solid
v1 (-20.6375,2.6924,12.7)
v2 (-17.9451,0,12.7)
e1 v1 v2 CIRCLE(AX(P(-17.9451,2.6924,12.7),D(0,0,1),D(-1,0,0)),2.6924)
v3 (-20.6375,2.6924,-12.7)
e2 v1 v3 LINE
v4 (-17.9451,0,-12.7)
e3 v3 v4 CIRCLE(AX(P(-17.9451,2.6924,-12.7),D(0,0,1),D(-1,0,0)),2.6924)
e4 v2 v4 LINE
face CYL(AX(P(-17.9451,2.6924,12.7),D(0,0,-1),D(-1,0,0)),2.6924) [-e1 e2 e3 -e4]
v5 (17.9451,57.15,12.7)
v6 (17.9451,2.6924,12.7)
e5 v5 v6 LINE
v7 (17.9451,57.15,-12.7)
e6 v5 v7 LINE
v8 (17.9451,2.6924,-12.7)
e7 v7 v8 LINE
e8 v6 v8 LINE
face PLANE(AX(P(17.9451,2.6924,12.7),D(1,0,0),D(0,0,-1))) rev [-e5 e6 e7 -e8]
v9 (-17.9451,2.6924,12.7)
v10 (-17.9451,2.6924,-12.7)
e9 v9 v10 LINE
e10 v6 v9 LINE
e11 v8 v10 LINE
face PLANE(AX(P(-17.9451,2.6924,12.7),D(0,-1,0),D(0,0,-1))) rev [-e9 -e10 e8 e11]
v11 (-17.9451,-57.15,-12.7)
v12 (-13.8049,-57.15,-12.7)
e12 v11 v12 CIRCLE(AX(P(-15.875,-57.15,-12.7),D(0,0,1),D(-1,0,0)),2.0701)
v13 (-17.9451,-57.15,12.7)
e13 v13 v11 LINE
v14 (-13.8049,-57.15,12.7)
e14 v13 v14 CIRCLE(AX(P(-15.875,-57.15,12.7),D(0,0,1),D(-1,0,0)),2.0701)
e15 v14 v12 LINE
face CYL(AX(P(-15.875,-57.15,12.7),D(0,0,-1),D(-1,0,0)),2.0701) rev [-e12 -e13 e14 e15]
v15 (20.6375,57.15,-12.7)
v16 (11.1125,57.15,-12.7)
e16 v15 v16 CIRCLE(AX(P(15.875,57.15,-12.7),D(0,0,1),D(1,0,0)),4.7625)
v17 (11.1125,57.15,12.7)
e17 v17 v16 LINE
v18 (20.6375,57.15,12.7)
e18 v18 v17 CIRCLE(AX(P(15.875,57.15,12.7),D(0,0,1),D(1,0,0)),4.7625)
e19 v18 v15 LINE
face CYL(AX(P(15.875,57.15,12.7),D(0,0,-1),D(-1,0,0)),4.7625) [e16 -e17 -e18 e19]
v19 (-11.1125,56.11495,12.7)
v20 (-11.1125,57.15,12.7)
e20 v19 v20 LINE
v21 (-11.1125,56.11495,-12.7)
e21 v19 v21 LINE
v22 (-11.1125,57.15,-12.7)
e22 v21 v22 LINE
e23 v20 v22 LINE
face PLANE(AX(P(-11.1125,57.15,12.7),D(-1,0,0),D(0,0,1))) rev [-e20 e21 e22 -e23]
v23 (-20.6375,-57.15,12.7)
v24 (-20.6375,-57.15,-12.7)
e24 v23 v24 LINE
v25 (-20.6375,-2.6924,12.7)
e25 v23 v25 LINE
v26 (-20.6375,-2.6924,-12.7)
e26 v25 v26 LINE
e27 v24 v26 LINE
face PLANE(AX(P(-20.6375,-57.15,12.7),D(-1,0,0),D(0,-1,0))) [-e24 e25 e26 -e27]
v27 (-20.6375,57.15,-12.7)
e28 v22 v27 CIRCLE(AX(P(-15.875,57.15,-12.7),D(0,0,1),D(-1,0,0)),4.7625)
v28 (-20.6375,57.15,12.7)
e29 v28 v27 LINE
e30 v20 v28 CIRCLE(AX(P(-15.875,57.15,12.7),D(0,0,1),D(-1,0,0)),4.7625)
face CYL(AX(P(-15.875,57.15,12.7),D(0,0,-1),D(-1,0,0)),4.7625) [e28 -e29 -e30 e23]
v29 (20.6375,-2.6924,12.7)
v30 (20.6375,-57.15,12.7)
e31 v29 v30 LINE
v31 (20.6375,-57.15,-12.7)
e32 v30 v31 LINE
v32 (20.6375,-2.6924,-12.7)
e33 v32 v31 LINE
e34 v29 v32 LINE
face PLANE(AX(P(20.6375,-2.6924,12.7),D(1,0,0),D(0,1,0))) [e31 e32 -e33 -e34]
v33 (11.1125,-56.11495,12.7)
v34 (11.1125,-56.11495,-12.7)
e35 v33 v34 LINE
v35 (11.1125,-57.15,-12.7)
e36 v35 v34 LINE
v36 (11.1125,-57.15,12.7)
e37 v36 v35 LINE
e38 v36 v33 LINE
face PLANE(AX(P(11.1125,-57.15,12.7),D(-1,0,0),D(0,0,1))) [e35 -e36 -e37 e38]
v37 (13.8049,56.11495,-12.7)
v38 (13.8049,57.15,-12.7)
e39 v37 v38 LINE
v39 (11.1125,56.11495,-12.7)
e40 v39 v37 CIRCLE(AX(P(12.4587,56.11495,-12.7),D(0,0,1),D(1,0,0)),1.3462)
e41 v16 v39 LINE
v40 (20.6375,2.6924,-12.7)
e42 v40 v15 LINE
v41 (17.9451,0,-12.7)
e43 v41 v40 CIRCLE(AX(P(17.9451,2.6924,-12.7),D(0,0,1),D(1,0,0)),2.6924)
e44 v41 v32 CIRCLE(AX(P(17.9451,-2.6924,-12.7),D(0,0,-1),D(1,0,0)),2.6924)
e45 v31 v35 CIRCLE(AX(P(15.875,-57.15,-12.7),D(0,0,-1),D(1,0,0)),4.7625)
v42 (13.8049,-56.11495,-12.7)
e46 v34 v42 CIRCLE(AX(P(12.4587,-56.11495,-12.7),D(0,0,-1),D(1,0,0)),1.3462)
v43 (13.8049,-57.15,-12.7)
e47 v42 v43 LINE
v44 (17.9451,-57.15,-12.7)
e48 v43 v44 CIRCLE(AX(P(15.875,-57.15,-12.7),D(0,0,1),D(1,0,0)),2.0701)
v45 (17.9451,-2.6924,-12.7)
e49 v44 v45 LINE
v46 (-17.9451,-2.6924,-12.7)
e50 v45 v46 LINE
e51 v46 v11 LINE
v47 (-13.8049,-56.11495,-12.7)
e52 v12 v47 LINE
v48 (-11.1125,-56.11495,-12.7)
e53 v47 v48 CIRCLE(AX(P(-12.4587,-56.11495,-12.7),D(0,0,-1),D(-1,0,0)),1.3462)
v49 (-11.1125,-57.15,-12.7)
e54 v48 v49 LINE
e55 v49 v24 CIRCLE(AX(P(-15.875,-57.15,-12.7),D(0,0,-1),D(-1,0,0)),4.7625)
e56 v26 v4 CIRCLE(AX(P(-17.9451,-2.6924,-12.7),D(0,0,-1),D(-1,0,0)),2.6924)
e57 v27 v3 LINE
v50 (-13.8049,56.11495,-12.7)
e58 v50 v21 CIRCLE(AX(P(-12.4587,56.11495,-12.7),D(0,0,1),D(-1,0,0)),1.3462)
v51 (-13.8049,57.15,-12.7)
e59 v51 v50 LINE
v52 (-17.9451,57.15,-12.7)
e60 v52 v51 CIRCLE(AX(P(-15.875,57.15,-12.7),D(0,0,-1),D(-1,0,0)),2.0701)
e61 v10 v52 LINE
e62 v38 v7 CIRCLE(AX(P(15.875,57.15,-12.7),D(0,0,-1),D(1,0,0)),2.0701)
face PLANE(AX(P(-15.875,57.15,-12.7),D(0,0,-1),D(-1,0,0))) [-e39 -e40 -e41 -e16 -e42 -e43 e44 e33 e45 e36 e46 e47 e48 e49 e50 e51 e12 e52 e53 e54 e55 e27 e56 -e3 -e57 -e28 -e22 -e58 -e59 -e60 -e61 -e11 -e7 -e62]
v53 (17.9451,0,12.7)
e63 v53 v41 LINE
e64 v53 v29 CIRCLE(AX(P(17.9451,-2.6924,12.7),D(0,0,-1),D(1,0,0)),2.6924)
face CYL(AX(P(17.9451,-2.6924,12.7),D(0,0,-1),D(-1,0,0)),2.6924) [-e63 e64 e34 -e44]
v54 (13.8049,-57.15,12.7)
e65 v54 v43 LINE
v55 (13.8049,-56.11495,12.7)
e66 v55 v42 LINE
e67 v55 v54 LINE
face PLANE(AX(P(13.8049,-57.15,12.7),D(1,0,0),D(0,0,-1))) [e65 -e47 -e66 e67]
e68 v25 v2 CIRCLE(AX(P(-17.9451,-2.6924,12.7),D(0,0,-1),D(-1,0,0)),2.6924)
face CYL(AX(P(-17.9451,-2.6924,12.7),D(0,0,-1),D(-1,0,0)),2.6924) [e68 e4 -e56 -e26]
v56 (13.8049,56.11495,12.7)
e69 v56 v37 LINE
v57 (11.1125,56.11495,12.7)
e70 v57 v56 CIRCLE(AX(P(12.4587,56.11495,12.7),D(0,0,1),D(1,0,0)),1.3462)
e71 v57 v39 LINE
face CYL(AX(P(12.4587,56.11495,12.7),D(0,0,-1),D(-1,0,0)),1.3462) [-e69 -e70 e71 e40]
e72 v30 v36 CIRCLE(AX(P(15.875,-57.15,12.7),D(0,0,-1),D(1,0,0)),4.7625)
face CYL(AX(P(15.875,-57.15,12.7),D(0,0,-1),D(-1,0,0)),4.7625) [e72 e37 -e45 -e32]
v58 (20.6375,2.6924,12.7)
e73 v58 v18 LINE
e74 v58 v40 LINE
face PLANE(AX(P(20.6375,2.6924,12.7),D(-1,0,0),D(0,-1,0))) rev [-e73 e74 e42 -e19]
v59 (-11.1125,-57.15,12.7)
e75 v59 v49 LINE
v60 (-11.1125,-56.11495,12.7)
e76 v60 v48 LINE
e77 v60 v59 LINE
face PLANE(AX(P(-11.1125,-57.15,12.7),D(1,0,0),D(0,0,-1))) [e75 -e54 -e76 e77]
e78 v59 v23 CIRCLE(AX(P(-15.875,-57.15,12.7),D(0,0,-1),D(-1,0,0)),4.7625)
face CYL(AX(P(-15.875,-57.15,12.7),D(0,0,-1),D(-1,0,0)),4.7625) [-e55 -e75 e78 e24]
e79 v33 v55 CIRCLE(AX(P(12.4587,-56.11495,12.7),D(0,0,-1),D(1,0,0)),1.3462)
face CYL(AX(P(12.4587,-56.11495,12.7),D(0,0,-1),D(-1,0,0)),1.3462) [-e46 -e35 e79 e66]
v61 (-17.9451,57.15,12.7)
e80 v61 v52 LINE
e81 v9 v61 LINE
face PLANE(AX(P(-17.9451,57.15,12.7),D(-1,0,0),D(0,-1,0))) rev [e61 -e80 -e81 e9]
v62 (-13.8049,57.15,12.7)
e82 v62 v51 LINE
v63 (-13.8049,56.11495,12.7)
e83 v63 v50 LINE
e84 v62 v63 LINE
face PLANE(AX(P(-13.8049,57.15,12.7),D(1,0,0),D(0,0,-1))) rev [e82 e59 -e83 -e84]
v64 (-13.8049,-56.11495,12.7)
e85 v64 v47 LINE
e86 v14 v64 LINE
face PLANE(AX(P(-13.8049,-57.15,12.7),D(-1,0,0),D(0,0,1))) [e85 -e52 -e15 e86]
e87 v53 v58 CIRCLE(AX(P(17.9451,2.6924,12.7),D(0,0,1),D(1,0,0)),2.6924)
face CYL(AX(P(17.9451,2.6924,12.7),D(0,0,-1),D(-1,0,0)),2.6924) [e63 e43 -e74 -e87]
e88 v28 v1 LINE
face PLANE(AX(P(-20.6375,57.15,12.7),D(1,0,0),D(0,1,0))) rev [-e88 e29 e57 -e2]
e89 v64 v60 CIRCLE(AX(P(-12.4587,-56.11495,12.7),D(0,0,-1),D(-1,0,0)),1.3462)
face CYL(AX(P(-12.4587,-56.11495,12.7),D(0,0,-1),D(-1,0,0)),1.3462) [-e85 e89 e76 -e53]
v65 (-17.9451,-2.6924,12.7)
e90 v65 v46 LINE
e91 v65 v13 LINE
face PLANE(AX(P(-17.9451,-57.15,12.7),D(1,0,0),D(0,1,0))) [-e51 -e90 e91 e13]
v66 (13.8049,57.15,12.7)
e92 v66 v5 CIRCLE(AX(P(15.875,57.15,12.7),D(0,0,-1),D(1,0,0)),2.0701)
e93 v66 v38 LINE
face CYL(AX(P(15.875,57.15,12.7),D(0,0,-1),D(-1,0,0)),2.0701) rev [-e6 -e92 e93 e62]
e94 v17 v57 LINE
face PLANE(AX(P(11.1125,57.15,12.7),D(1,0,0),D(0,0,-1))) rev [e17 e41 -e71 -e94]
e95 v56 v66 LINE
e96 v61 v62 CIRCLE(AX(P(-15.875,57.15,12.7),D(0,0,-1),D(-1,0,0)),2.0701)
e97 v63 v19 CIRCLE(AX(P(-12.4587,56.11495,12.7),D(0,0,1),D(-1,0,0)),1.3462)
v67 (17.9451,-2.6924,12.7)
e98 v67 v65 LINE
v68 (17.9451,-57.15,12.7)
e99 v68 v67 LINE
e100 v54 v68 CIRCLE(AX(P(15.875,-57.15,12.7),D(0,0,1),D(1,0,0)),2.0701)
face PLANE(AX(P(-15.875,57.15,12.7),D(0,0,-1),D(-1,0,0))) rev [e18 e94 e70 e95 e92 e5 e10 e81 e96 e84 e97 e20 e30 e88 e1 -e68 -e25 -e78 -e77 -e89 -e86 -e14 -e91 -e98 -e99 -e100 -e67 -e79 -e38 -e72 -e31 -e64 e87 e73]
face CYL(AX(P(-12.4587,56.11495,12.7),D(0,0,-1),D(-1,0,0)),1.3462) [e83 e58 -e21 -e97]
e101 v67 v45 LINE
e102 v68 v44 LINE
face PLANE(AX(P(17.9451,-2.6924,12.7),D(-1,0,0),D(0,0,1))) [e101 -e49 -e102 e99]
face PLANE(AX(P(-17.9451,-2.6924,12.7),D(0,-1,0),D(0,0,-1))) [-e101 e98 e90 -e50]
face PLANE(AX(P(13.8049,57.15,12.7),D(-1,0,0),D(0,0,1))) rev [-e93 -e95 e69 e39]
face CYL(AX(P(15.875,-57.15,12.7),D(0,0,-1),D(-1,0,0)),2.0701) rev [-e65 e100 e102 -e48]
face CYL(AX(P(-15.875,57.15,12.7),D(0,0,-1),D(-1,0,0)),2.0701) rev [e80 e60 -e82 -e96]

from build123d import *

# Parameters (mm, degrees)
BASE_EXTRUDE_DEPTH = 12.7


with BuildPart() as part:
    # Sketch1 → Base-Extrude (new, symmetric)
    with BuildSketch(Plane.XY):
        with BuildLine():
            Line((-20.6375, 57.15), (-20.6375, 2.6924))
            ThreePointArc((-20.6375, 2.6924), (-19.848914298, 0.788585702), (-17.9451, 0))
            Line((-17.9451, 0), (17.9451, 0))
            ThreePointArc((17.9451, 0), (19.848914298, 0.788585702), (20.6375, 2.6924))
            Line((20.6375, 2.6924), (20.6375, 57.15))
            ThreePointArc((20.6375, 57.15), (15.875, 61.9125), (11.1125, 57.15))
            Line((11.1125, 57.15), (11.1125, 56.11495))
            ThreePointArc((11.1125, 56.11495), (12.4587, 54.76875), (13.8049, 56.11495))
            Line((13.8049, 56.11495), (13.8049, 57.15))
            ThreePointArc((13.8049, 57.15), (15.875, 59.2201), (17.9451, 57.15))
            Line((17.9451, 57.15), (17.9451, 2.6924))
            Line((17.9451, 2.6924), (-17.9451, 2.6924))
            Line((-17.9451, 2.6924), (-17.9451, 57.15))
            ThreePointArc((-17.9451, 57.15), (-15.875, 59.2201), (-13.8049, 57.15))
            Line((-13.8049, 57.15), (-13.8049, 56.11495))
            ThreePointArc((-13.8049, 56.11495), (-12.4587, 54.76875), (-11.1125, 56.11495))
            Line((-11.1125, 56.11495), (-11.1125, 57.15))
            ThreePointArc((-11.1125, 57.15), (-15.875, 61.9125), (-20.6375, 57.15))
        make_face()
    base_extrude = extrude(amount=BASE_EXTRUDE_DEPTH, both=True)

    # Mirror1: Base-Extrude across plane
    add(base_extrude.mirror(Plane.ZX))


solid = part.part
